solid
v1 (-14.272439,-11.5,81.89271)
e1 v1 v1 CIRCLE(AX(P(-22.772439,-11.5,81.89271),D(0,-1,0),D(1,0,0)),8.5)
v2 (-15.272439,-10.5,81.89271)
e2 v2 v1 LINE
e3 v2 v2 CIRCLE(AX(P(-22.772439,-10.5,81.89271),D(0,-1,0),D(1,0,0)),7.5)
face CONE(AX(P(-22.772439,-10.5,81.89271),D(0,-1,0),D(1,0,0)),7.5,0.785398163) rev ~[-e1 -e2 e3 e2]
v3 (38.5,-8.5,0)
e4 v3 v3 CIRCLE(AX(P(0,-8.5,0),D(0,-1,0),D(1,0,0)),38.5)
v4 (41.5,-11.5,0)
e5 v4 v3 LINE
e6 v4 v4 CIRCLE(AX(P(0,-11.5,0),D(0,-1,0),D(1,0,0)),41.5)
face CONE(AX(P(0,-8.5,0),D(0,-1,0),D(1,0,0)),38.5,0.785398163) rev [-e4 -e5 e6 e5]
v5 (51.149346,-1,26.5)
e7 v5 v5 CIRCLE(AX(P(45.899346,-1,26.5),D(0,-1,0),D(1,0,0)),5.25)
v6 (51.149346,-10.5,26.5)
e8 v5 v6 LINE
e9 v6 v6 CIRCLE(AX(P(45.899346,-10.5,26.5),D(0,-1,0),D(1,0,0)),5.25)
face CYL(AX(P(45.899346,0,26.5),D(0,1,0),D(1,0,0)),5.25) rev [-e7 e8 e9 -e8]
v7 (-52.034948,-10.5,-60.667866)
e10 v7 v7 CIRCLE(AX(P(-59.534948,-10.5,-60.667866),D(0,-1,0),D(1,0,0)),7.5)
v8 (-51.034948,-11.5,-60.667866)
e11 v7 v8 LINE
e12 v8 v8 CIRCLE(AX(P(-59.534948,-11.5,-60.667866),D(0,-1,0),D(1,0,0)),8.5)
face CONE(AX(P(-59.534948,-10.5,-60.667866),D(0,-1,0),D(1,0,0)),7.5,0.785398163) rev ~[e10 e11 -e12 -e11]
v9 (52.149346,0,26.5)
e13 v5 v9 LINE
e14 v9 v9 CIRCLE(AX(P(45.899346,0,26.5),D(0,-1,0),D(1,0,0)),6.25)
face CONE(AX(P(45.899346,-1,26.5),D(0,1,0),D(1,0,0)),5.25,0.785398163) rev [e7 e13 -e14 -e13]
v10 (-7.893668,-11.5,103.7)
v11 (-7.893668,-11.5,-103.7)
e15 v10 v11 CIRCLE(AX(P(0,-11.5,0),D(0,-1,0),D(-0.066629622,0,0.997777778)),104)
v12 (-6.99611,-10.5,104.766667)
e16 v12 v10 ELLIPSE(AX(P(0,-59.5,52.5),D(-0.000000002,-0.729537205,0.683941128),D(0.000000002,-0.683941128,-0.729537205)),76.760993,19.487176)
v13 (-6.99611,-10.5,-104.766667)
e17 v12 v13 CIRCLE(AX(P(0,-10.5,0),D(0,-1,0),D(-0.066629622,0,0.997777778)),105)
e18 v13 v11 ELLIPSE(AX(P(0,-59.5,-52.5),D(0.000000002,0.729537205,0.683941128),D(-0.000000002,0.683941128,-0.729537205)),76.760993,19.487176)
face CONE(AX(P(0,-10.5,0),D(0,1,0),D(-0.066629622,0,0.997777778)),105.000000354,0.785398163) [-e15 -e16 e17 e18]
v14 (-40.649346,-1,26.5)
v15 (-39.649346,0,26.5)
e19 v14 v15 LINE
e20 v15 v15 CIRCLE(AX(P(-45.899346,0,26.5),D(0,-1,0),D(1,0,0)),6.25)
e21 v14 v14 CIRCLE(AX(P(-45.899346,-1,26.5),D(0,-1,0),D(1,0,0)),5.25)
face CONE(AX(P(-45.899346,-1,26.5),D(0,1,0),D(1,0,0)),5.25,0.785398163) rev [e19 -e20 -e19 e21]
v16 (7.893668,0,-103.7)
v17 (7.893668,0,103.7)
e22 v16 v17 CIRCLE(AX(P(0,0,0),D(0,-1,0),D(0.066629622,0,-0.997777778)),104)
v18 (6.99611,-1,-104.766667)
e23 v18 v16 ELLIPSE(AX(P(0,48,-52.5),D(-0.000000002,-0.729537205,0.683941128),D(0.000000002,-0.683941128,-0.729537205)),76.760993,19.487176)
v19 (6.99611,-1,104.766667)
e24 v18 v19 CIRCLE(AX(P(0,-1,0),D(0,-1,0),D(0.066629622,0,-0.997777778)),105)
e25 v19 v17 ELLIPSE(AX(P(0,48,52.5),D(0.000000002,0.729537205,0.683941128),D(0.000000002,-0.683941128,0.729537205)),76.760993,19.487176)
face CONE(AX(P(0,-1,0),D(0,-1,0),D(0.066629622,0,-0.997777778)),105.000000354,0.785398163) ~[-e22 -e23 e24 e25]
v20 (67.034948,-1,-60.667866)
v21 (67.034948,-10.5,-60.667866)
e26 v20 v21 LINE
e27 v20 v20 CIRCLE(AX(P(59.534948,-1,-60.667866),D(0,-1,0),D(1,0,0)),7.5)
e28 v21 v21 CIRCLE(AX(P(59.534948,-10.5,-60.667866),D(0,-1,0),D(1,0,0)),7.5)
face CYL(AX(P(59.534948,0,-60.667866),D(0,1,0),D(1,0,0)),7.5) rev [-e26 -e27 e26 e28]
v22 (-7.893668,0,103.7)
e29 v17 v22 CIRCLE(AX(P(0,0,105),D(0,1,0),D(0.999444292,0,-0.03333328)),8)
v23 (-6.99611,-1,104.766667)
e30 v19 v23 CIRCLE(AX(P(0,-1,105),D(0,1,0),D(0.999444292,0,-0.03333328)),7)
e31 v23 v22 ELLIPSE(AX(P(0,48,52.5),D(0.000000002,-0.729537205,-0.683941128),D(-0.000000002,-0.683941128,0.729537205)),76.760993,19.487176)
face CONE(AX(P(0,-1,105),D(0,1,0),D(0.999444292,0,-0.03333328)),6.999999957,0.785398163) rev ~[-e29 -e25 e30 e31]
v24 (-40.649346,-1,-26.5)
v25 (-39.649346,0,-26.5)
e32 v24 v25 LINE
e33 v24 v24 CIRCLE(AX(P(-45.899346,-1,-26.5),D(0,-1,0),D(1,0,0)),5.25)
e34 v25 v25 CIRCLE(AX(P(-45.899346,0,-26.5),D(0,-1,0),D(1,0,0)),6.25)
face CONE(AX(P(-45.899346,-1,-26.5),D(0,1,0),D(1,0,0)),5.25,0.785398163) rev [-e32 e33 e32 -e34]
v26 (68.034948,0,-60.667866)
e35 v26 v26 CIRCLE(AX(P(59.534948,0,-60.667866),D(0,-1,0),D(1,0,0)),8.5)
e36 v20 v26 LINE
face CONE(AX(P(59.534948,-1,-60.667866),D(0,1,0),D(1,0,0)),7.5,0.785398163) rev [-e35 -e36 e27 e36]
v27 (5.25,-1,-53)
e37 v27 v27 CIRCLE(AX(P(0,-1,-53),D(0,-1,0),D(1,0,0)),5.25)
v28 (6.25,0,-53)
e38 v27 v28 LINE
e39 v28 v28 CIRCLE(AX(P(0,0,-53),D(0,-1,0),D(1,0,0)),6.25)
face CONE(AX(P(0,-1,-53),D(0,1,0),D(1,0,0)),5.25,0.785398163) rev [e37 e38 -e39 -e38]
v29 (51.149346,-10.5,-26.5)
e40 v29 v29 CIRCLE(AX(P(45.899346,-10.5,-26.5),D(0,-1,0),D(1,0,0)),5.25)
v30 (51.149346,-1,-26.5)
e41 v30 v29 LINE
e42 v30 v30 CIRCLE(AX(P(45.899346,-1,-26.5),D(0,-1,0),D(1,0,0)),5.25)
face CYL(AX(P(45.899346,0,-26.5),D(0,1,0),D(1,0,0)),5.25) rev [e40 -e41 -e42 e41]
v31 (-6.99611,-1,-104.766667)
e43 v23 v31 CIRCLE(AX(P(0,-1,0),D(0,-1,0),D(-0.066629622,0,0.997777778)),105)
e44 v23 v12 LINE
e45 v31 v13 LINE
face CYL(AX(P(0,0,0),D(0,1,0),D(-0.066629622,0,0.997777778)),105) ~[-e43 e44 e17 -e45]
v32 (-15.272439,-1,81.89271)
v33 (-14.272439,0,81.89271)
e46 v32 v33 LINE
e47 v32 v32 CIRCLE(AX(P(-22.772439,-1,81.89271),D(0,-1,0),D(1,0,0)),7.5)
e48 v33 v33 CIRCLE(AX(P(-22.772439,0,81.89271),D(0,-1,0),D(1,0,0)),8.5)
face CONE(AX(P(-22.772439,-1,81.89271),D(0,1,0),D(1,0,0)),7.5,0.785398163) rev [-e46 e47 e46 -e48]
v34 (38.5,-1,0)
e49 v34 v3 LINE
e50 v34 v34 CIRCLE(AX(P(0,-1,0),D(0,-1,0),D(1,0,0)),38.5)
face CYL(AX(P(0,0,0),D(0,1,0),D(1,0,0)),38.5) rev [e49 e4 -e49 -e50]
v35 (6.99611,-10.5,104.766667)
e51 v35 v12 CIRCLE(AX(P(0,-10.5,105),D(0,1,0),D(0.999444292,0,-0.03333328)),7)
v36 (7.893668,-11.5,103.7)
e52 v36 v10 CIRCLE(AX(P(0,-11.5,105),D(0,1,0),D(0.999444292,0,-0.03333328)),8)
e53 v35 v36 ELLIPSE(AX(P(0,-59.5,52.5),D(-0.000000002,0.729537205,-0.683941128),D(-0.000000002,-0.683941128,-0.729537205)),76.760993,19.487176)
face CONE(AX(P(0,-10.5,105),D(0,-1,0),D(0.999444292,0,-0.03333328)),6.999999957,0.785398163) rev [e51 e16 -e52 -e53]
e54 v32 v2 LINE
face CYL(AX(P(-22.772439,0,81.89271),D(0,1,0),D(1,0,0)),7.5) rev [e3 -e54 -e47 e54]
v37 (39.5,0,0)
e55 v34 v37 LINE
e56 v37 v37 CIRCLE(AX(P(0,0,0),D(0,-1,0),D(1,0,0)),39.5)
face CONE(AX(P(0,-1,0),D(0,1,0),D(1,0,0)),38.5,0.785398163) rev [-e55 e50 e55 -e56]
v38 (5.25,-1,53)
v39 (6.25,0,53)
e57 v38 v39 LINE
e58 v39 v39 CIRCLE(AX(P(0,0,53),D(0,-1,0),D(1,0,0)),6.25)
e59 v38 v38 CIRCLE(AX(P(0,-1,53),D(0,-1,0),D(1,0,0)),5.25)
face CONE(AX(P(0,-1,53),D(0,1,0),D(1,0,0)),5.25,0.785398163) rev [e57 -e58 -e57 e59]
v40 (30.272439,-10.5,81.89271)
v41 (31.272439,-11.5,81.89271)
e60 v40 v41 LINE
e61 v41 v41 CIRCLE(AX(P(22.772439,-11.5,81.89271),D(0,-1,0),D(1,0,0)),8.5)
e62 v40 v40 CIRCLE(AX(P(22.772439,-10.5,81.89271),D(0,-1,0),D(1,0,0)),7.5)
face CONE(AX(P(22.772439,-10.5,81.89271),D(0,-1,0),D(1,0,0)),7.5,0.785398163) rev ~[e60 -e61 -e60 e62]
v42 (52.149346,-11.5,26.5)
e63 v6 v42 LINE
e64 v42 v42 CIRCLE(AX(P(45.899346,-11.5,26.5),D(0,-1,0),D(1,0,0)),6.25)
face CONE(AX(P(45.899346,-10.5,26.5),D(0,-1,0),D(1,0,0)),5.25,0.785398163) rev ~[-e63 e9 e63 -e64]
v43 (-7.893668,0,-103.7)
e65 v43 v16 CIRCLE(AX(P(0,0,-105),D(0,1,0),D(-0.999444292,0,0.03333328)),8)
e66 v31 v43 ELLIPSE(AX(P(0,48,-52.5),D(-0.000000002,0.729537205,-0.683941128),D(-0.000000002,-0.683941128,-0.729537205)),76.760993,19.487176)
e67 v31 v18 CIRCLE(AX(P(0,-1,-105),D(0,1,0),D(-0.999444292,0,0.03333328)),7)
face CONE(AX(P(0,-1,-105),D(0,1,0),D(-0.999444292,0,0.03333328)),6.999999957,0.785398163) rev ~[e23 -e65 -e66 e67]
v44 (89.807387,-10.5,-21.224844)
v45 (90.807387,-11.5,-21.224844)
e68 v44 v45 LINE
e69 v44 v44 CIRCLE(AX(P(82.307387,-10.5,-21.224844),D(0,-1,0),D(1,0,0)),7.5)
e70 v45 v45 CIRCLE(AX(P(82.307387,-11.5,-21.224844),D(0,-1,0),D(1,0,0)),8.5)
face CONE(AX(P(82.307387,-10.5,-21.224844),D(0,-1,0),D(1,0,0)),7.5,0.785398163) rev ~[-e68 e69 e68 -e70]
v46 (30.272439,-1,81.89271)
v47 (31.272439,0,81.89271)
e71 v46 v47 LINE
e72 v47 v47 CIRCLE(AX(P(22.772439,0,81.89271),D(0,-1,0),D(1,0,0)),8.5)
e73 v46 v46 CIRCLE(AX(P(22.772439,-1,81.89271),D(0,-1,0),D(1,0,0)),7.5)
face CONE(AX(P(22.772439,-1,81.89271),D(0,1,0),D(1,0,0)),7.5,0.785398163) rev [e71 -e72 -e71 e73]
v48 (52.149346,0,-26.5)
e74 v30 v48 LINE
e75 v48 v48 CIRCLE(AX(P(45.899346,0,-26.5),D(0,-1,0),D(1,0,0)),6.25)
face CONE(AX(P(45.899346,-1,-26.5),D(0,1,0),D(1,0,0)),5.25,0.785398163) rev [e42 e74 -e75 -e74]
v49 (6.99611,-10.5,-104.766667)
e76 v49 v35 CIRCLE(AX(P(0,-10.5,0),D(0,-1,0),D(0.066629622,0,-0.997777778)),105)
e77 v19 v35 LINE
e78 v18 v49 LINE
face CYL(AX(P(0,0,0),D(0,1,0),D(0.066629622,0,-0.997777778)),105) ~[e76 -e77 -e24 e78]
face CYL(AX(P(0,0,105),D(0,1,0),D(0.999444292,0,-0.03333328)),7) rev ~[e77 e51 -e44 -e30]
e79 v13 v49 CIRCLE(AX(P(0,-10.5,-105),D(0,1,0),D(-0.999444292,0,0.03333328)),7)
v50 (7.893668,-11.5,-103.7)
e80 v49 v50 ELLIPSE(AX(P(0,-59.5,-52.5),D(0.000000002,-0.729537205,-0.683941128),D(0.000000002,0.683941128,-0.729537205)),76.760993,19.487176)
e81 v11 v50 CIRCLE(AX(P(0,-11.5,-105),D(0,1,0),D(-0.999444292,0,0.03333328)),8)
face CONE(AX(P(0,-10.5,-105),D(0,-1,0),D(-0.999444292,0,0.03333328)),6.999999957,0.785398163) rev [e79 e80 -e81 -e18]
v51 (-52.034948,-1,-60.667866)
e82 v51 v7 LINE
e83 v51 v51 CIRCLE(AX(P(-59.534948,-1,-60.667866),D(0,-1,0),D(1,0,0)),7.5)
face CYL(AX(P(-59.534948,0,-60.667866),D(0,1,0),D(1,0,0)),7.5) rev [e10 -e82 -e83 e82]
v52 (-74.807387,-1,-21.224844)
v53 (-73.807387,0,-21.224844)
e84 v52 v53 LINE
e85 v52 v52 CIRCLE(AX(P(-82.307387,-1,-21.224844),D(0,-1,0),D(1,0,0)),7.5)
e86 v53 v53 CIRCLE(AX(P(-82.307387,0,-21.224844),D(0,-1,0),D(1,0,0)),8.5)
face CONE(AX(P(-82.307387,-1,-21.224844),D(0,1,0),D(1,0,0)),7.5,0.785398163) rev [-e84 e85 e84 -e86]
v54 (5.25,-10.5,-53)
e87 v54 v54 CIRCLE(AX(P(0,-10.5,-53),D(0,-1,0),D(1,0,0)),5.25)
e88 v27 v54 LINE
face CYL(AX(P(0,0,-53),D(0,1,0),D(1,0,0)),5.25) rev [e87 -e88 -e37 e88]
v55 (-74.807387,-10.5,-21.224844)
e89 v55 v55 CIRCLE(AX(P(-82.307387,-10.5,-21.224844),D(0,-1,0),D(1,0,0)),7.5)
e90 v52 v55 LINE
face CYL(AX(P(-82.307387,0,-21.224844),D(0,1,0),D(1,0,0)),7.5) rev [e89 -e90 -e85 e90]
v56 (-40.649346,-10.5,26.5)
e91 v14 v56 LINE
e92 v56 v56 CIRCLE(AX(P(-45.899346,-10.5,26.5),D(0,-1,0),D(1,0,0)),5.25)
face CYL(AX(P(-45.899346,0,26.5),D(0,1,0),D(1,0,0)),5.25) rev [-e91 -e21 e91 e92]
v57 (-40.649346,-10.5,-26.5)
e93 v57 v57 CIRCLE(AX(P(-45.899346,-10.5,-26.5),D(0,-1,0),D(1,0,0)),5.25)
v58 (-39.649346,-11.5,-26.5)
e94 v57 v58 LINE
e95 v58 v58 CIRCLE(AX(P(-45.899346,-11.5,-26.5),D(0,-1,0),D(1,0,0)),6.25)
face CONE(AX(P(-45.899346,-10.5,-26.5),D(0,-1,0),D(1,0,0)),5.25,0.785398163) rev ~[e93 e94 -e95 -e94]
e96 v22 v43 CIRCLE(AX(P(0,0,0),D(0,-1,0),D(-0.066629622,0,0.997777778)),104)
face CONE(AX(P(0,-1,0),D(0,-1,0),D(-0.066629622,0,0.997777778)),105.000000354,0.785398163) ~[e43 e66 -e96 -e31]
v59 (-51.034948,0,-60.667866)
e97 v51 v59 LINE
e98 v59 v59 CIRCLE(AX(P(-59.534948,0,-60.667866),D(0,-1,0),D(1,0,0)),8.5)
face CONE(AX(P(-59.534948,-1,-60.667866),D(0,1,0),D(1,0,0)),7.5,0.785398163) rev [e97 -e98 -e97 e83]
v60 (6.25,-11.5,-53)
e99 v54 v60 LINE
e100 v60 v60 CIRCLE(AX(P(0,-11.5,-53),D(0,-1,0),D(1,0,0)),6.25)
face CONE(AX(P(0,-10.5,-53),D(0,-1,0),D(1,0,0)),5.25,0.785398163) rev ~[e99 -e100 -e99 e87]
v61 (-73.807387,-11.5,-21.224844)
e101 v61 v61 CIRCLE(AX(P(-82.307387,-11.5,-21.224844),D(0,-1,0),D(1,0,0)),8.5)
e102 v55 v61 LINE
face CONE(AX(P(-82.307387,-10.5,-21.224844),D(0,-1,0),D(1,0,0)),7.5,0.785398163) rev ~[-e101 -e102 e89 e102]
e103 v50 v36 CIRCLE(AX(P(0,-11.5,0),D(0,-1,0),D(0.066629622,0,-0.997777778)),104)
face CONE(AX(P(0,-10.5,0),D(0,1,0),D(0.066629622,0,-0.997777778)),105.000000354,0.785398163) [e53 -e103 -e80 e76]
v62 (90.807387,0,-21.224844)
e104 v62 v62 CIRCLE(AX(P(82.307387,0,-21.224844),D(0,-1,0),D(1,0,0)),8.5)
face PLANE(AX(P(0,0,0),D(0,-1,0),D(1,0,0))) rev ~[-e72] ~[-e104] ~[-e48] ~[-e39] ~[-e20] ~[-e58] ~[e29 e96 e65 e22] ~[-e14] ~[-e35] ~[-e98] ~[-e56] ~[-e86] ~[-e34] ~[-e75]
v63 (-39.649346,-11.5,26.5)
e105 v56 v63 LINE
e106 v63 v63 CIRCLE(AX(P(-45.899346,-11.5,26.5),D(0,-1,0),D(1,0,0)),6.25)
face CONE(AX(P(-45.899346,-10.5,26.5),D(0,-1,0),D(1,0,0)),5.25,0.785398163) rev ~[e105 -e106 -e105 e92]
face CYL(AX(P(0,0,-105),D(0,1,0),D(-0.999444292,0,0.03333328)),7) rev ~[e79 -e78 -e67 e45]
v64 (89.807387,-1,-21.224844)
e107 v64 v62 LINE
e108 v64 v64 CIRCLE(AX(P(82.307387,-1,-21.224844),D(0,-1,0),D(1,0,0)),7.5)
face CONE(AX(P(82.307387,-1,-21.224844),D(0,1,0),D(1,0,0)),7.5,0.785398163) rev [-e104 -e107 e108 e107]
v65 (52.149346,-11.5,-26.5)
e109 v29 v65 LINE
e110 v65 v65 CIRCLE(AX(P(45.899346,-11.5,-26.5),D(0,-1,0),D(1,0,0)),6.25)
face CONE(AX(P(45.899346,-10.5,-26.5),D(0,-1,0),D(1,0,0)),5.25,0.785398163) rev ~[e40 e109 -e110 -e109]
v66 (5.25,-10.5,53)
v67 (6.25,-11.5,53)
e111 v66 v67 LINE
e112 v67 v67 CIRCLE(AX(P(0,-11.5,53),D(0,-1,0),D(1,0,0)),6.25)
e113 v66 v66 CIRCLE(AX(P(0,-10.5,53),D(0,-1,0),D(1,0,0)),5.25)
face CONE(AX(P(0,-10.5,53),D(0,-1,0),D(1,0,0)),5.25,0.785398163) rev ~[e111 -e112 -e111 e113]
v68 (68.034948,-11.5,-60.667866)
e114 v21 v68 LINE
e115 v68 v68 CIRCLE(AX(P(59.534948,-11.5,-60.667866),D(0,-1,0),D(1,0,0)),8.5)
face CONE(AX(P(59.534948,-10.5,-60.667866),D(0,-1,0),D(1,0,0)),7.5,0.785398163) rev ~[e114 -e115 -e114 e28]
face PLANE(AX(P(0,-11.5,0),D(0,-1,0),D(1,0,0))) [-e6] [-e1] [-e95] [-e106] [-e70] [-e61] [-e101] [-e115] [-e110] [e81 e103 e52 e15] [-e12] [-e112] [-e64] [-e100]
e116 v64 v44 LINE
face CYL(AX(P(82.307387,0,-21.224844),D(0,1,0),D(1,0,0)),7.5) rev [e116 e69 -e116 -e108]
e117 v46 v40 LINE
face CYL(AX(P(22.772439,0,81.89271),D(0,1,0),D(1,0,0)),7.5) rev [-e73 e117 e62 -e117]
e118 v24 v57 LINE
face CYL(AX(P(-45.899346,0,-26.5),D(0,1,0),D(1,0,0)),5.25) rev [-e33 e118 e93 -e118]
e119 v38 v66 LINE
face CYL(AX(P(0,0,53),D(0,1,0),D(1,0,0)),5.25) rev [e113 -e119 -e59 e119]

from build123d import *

# Parameters (mm, degrees)
F0_R     = 7.5
F0_R_2   = 5.25
F0_R_3   = 38.5
F1_DEPTH = 11.5
F2_SIZE2 = 1
F2_SIZE  = 1
F3_SIZE2 = 3
F3_SIZE  = 3
F4_SIZE2 = 1
F4_SIZE  = 1


with BuildPart() as f1:
    # F0 (on Front) → F1 (new body)
    with BuildSketch(Plane.XZ):
        with BuildLine():
            ThreePointArc((6.99611, 104.766667), (0, 98), (-6.99611, 104.766667))
            ThreePointArc((-6.99611, 104.766667), (-105, 0), (-6.99611, -104.766667))
            ThreePointArc((-6.99611, -104.766667), (0, -98), (6.99611, -104.766667))
            ThreePointArc((6.99611, -104.766667), (105, 0), (6.99611, 104.766667))
        make_face()
        with Locations((-59.534948, -60.667866)):
            Circle(F0_R, mode=Mode.SUBTRACT)
        with Locations((-82.307387, -21.224844)):
            Circle(F0_R, mode=Mode.SUBTRACT)
        with Locations((-45.899346, -26.5)):
            Circle(F0_R_2, mode=Mode.SUBTRACT)
        with Locations((0, -53)):
            Circle(F0_R_2, mode=Mode.SUBTRACT)
        with Locations((59.534948, -60.667866)):
            Circle(F0_R, mode=Mode.SUBTRACT)
        with Locations((45.899346, -26.5)):
            Circle(F0_R_2, mode=Mode.SUBTRACT)
        with Locations((82.307387, -21.224844)):
            Circle(F0_R, mode=Mode.SUBTRACT)
        with Locations((-45.899346, 26.5)):
            Circle(F0_R_2, mode=Mode.SUBTRACT)
        with Locations((-22.772439, 81.89271)):
            Circle(F0_R, mode=Mode.SUBTRACT)
        Circle(F0_R_3, mode=Mode.SUBTRACT)
        with Locations((45.899346, 26.5)):
            Circle(F0_R_2, mode=Mode.SUBTRACT)
        with Locations((0, 53)):
            Circle(F0_R_2, mode=Mode.SUBTRACT)
        with Locations((22.772439, 81.89271)):
            Circle(F0_R, mode=Mode.SUBTRACT)
    extrude(amount=F1_DEPTH)

    # F2
    f2_edges = [f1.edges().sort_by_distance(p)[0] for p in [
        (0, -11.5, 98),
        (105, -11.5, 0),
        (-105, -11.5, 0),
        (-30.272439, -11.5, 81.89271),
        (15.272439, -11.5, 81.89271),
        (-5.25, -11.5, 53),
        (40.649346, -11.5, 26.5),
        (40.649346, -11.5, -26.5),
        (74.807387, -11.5, -21.224844),
        (52.034948, -11.5, -60.667866),
        (-5.25, -11.5, -53),
        (-67.034948, -11.5, -60.667866),
        (-89.807387, -11.5, -21.224844),
        (-51.149346, -11.5, -26.5),
        (-51.149346, -11.5, 26.5),
        (0, -11.5, -98),
    ]]
    chamfer(f2_edges, length=F2_SIZE, length2=F2_SIZE2)

    # F3
    f3_edges = [f1.edges().sort_by_distance(p)[0] for p in [
        (-38.5, -11.5, 0),
    ]]
    chamfer(f3_edges, length=F3_SIZE, length2=F3_SIZE2)

    # F4
    f4_edges = [f1.edges().sort_by_distance(p)[0] for p in [
        (105, 0, 0),
        (-105, 0, 0),
        (0, 0, 98),
        (15.272439, 0, 81.89271),
        (-30.272439, 0, 81.89271),
        (-51.149346, 0, 26.5),
        (74.807387, 0, -21.224844),
        (40.649346, 0, 26.5),
        (40.649346, 0, -26.5),
        (-5.25, 0, -53),
        (-51.149346, 0, -26.5),
        (-89.807387, 0, -21.224844),
        (0, 0, -98),
        (-67.034948, 0, -60.667866),
        (52.034948, 0, -60.667866),
        (-5.25, 0, 53),
        (-38.5, 0, 0),
    ]]
    chamfer(f4_edges, length=F4_SIZE, length2=F4_SIZE2)


solid = f1.part
